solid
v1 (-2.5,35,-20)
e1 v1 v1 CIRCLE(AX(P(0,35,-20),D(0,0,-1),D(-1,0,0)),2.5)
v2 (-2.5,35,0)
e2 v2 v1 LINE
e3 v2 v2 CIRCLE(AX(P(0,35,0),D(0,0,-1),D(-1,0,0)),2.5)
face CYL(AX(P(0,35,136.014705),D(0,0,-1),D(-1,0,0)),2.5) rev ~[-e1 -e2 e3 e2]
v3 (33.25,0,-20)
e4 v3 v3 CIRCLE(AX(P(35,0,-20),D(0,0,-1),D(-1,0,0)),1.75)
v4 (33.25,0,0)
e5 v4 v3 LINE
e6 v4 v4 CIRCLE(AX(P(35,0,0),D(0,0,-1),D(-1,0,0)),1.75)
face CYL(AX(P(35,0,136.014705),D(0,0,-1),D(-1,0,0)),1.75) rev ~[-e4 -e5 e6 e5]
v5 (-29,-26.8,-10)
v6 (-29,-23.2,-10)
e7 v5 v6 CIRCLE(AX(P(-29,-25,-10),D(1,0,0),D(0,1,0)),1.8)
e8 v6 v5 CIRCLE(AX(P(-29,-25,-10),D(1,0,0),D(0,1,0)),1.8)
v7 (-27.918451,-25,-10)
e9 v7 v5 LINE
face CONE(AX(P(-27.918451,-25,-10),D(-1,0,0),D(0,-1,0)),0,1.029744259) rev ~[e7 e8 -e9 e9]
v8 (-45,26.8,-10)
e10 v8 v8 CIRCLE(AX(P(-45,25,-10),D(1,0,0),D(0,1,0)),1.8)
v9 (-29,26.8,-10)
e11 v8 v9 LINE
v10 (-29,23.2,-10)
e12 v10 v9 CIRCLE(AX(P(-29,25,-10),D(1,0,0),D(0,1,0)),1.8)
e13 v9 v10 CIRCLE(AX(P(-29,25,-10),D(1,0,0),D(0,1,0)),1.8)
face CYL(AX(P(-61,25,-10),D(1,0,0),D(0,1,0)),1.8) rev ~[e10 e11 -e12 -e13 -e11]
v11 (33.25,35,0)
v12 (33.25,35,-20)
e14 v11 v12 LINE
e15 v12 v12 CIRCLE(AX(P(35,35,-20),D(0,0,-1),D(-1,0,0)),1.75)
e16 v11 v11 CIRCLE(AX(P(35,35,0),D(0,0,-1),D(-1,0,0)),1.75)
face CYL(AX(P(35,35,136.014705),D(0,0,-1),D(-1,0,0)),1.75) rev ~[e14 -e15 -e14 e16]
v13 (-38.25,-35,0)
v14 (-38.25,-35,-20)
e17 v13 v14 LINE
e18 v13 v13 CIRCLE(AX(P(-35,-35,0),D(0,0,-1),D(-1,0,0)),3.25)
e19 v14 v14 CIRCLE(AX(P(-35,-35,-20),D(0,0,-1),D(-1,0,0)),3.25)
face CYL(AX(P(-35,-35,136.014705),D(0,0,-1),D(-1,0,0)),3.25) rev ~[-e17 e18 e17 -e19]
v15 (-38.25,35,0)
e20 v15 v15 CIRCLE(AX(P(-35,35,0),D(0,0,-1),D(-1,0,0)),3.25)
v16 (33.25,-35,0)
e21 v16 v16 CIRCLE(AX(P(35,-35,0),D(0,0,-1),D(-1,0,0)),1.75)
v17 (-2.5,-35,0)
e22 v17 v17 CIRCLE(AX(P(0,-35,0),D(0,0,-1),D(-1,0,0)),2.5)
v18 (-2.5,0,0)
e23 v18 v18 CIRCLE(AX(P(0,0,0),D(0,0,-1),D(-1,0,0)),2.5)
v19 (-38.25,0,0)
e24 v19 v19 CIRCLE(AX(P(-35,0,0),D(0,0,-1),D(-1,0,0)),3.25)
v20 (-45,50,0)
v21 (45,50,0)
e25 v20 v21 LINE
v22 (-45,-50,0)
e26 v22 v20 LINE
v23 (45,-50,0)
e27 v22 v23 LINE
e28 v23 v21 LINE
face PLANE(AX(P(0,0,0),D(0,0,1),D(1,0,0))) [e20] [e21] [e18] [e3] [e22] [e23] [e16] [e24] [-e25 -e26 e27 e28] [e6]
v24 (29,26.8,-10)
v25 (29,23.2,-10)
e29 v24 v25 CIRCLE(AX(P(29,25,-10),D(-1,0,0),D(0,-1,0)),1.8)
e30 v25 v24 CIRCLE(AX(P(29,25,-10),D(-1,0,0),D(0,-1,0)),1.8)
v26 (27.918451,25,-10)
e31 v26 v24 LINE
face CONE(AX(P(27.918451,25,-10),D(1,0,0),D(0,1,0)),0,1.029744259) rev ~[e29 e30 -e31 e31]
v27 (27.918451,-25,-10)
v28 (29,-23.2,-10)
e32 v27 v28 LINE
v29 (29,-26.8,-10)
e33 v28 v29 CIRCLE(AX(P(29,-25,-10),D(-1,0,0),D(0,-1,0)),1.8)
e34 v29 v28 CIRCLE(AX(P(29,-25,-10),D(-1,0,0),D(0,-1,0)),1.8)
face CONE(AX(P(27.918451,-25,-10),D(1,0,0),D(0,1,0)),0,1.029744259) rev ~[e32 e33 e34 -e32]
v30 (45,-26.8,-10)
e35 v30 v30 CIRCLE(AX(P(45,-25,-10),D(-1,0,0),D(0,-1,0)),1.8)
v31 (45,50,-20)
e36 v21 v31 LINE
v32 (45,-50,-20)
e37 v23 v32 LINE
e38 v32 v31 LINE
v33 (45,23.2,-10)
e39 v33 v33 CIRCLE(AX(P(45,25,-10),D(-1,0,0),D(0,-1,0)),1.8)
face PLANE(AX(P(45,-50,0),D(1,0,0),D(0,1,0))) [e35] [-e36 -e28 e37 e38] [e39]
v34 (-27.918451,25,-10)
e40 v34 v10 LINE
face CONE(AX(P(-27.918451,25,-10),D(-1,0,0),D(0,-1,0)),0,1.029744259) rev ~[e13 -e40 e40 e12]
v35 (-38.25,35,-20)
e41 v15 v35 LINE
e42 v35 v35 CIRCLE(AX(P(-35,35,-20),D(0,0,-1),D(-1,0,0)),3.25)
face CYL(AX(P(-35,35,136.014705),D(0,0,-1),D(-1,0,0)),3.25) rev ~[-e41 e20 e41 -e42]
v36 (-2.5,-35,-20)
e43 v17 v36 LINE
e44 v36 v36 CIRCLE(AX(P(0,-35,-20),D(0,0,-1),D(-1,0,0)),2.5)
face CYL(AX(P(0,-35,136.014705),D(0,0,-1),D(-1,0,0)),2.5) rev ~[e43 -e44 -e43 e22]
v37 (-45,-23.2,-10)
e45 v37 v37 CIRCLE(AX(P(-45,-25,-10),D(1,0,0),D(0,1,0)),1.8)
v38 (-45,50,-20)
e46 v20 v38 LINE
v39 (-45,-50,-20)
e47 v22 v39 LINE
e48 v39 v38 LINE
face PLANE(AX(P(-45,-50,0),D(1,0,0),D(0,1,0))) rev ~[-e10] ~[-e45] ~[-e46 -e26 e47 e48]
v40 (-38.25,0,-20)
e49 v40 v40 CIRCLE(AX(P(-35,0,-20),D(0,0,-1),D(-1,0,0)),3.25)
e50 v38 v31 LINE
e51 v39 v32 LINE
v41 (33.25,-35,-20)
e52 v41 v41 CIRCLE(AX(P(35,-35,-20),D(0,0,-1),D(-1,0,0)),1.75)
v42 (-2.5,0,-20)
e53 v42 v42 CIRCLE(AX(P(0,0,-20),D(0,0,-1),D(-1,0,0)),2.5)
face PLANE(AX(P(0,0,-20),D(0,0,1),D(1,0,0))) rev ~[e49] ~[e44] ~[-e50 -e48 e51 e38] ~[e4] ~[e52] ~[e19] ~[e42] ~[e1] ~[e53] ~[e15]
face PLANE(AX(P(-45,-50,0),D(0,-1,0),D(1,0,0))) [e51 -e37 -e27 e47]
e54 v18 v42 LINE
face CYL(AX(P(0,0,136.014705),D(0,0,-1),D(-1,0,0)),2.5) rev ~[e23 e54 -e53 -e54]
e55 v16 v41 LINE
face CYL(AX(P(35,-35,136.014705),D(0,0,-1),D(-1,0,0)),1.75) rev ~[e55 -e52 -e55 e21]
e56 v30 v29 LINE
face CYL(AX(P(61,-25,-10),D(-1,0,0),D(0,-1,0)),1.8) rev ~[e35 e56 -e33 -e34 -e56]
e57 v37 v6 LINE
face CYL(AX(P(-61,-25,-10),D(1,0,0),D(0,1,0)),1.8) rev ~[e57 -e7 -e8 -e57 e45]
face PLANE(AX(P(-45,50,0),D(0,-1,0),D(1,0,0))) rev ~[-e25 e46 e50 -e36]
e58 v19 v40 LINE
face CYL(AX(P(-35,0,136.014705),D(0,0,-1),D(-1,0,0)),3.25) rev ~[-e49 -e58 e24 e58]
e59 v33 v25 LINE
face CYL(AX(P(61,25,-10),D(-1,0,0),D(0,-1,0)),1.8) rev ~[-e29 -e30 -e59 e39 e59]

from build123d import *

# Parameters (mm, degrees)
F0_W     = 90
F0_H     = 100
F1_DEPTH = 20
F2_D     = 6.5
F3_D     = 5
F4_D     = 3.5
F6_D     = 3.6
F6_DEPTH = 16
F6_TIP   = 1.0815491142
F8_D     = 3.6
F8_DEPTH = 16
F8_TIP   = 1.0815491142


with BuildPart() as f1:
    # F0 (on Top) → F1 (new body)
    with BuildSketch(Plane.XY):
        Rectangle(F0_W, F0_H)
    extrude(amount=-F1_DEPTH)

    # F2 (through all)
    with Locations(Plane.XY):
        with Locations((-35, 35), (-35, 0), (-35, -35)):
            Hole(F2_D / 2)

    # F3 (through all)
    with Locations(Plane.XY):
        with Locations((0, 35), (0, 0), (0, -35)):
            Hole(F3_D / 2)

    # F4 (through all)
    with Locations(Plane.XY):
        with Locations((35, 35), (35, 0), (35, -35)):
            Hole(F4_D / 2)

    # F6
    with Locations(Plane(origin=(-45, 0, 0), x_dir=(0, -1, 0), z_dir=(-1, 0, 0))):
        with Locations((-25, -10), (25, -10)):
            Hole(F6_D / 2, depth=F6_DEPTH)
            with Locations((0, 0, -(F6_DEPTH + F6_TIP / 2))):  # 118° drill point
                Cone(0, F6_D / 2, F6_TIP, mode=Mode.SUBTRACT)

    # F8
    with Locations(Plane.YZ.offset(45)):
        with Locations((-25, -10), (25, -10)):
            Hole(F8_D / 2, depth=F8_DEPTH)
            with Locations((0, 0, -(F8_DEPTH + F8_TIP / 2))):  # 118° drill point
                Cone(0, F8_D / 2, F8_TIP, mode=Mode.SUBTRACT)


solid = f1.part
